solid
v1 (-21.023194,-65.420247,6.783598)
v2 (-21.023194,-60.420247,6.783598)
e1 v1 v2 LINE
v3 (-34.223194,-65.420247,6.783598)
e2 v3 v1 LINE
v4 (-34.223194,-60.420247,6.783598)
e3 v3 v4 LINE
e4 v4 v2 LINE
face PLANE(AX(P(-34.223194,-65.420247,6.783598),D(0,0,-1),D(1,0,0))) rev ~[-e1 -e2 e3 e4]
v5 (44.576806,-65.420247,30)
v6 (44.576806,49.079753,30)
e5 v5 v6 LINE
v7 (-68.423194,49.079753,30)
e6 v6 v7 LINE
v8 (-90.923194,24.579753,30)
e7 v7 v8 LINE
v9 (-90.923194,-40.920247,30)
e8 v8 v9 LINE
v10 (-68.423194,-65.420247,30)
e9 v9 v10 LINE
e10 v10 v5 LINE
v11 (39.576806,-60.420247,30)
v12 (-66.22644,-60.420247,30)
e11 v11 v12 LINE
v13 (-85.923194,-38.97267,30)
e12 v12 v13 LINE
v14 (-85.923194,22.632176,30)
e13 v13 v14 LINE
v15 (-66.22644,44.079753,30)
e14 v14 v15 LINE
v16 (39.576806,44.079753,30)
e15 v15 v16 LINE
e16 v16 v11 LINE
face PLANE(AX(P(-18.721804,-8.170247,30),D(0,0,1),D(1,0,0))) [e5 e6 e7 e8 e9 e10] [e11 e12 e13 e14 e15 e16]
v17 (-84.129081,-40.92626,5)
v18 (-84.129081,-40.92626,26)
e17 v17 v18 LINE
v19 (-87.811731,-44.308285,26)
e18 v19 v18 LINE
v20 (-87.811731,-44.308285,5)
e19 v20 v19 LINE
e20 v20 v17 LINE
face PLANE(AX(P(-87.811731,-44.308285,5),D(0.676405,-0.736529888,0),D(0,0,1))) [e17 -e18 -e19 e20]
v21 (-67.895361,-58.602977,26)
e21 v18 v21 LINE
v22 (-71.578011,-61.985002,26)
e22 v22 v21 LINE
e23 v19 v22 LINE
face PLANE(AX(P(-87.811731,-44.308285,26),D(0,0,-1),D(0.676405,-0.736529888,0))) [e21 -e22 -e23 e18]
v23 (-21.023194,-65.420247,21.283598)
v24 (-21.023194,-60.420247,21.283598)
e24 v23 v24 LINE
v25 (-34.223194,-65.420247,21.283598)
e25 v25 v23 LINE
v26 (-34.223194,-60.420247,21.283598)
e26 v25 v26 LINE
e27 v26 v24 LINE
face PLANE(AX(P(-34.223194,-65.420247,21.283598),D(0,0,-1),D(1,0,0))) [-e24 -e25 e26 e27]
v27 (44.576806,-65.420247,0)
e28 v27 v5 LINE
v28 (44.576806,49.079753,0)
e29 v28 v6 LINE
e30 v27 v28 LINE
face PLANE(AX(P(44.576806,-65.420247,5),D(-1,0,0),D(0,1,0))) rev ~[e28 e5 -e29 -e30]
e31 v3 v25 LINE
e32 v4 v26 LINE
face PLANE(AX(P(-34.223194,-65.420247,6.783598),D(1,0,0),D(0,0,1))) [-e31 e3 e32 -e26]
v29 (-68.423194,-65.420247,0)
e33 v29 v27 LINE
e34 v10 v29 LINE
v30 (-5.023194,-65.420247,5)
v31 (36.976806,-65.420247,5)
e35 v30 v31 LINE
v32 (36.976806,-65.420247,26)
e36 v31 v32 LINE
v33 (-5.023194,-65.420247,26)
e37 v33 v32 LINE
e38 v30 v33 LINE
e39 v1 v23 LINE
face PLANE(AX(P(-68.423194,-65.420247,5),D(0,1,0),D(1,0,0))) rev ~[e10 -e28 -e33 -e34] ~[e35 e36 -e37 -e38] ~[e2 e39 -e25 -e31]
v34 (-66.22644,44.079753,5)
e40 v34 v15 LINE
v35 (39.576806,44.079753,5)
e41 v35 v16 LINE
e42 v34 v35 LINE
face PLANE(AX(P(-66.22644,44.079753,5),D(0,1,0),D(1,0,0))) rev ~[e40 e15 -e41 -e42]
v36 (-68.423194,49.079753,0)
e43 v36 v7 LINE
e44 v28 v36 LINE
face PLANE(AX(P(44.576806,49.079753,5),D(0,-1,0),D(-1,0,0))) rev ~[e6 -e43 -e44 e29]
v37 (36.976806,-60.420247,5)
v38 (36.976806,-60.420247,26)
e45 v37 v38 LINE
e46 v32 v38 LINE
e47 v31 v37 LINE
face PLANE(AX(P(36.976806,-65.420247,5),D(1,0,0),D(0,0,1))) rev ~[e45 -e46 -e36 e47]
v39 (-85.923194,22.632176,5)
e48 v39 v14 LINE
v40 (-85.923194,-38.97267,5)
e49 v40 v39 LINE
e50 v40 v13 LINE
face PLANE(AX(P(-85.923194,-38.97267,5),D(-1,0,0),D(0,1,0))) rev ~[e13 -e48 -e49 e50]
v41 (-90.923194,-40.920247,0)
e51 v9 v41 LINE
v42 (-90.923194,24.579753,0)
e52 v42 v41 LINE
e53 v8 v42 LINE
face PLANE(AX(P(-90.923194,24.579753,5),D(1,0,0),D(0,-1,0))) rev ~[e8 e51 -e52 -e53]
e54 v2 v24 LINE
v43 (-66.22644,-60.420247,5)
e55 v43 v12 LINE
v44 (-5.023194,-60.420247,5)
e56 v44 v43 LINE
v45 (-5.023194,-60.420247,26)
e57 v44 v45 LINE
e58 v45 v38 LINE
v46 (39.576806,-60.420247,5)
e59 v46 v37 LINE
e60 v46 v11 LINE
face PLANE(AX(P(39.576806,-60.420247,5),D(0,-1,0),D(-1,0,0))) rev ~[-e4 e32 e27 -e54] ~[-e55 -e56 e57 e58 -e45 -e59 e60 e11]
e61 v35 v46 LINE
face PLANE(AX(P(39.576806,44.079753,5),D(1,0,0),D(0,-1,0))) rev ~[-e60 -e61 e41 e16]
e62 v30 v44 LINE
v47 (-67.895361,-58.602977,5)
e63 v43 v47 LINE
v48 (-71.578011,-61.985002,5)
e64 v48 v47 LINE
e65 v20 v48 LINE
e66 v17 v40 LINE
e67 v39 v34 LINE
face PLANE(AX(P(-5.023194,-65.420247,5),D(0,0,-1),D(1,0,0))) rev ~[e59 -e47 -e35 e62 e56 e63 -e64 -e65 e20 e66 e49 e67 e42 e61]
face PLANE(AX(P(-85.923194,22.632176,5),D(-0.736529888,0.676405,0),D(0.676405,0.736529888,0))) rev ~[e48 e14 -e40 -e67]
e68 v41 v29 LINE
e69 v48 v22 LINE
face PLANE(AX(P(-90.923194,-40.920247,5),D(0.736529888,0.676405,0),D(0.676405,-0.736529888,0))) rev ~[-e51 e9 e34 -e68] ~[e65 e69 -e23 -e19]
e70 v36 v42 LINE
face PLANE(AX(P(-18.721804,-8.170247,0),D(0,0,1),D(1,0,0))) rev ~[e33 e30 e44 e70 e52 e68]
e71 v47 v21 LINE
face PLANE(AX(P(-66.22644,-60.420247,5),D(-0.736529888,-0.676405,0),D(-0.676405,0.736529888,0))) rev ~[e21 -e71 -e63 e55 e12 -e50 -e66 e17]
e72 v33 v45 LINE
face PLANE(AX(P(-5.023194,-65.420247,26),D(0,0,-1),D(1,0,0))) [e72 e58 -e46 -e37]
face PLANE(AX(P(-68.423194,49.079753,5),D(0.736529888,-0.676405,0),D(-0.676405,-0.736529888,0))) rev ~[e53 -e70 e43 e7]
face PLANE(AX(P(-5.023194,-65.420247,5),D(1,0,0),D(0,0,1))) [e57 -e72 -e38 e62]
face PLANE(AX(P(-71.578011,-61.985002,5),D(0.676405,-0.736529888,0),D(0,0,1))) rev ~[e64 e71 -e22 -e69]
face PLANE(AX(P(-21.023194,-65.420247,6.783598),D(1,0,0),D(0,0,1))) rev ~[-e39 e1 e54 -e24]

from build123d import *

# Parameters (mm, degrees)
F1_DEPTH = 5
F3_DEPTH = 25
F4_W     = 13.2
F4_H     = 14.5
F4_W_2   = 42
F4_H_2   = 21
F5_DEPTH = 25
F6_W     = 24
F6_H     = 21
F7_DEPTH = 5


with BuildPart() as f1:
    # F0 (on Top) → F1 (new body)
    with BuildSketch(Plane.XY):
        Polygon((44.5768064258, -65.4202470779), (44.5768064258, 49.0797529221), (-68.4231935742, 49.0797529221), (-90.9231935742, 24.5797529221), (-90.9231935742, -40.9202470779), (-68.4231935742, -65.4202470779), align=None)
    extrude(amount=F1_DEPTH)

    # F2 (on face) → F3 (join)
    with BuildSketch(Plane.XY.offset(5)):
        Polygon((-68.4231935742, -65.4202470779), (44.5768064258, -65.4202470779), (44.5768064258, 49.0797529221), (-68.4231935742, 49.0797529221), (-90.9231935742, 24.5797529221), (-90.9231935742, -40.9202470779), align=None)
        Polygon((-85.9231935742, 22.6321763094), (-66.2264395422, 44.0797529221), (39.5768064258, 44.0797529221), (39.5768064258, -60.4202470779), (-66.2264395422, -60.4202470779), (-85.9231935742, -38.9726704653), align=None, mode=Mode.SUBTRACT)
    extrude(amount=F3_DEPTH)

    # F4 (on face) → F5 (cut)
    with BuildSketch(Plane.XZ.offset(65.4202470779)):
        with Locations((-27.6231935742, 14.0335976612)):
            Rectangle(F4_W, F4_H)
        with Locations((15.9768064258, 15.5)):
            Rectangle(F4_W_2, F4_H_2)
    extrude(amount=-F5_DEPTH, mode=Mode.SUBTRACT)

    # F6 (on face) → F7 (cut, through all)
    with BuildSketch(Plane(origin=(-69.7098356481, -64.0192368197, 0), x_dir=(0.6764049996, -0.7365298884, 0), z_dir=(-0.7365298884, -0.6764049996, 0))):
        with Locations((-14.7619176963, 15.5)):
            Rectangle(F6_W, F6_H)
    extrude(amount=-F7_DEPTH, mode=Mode.SUBTRACT)


solid = f1.part
